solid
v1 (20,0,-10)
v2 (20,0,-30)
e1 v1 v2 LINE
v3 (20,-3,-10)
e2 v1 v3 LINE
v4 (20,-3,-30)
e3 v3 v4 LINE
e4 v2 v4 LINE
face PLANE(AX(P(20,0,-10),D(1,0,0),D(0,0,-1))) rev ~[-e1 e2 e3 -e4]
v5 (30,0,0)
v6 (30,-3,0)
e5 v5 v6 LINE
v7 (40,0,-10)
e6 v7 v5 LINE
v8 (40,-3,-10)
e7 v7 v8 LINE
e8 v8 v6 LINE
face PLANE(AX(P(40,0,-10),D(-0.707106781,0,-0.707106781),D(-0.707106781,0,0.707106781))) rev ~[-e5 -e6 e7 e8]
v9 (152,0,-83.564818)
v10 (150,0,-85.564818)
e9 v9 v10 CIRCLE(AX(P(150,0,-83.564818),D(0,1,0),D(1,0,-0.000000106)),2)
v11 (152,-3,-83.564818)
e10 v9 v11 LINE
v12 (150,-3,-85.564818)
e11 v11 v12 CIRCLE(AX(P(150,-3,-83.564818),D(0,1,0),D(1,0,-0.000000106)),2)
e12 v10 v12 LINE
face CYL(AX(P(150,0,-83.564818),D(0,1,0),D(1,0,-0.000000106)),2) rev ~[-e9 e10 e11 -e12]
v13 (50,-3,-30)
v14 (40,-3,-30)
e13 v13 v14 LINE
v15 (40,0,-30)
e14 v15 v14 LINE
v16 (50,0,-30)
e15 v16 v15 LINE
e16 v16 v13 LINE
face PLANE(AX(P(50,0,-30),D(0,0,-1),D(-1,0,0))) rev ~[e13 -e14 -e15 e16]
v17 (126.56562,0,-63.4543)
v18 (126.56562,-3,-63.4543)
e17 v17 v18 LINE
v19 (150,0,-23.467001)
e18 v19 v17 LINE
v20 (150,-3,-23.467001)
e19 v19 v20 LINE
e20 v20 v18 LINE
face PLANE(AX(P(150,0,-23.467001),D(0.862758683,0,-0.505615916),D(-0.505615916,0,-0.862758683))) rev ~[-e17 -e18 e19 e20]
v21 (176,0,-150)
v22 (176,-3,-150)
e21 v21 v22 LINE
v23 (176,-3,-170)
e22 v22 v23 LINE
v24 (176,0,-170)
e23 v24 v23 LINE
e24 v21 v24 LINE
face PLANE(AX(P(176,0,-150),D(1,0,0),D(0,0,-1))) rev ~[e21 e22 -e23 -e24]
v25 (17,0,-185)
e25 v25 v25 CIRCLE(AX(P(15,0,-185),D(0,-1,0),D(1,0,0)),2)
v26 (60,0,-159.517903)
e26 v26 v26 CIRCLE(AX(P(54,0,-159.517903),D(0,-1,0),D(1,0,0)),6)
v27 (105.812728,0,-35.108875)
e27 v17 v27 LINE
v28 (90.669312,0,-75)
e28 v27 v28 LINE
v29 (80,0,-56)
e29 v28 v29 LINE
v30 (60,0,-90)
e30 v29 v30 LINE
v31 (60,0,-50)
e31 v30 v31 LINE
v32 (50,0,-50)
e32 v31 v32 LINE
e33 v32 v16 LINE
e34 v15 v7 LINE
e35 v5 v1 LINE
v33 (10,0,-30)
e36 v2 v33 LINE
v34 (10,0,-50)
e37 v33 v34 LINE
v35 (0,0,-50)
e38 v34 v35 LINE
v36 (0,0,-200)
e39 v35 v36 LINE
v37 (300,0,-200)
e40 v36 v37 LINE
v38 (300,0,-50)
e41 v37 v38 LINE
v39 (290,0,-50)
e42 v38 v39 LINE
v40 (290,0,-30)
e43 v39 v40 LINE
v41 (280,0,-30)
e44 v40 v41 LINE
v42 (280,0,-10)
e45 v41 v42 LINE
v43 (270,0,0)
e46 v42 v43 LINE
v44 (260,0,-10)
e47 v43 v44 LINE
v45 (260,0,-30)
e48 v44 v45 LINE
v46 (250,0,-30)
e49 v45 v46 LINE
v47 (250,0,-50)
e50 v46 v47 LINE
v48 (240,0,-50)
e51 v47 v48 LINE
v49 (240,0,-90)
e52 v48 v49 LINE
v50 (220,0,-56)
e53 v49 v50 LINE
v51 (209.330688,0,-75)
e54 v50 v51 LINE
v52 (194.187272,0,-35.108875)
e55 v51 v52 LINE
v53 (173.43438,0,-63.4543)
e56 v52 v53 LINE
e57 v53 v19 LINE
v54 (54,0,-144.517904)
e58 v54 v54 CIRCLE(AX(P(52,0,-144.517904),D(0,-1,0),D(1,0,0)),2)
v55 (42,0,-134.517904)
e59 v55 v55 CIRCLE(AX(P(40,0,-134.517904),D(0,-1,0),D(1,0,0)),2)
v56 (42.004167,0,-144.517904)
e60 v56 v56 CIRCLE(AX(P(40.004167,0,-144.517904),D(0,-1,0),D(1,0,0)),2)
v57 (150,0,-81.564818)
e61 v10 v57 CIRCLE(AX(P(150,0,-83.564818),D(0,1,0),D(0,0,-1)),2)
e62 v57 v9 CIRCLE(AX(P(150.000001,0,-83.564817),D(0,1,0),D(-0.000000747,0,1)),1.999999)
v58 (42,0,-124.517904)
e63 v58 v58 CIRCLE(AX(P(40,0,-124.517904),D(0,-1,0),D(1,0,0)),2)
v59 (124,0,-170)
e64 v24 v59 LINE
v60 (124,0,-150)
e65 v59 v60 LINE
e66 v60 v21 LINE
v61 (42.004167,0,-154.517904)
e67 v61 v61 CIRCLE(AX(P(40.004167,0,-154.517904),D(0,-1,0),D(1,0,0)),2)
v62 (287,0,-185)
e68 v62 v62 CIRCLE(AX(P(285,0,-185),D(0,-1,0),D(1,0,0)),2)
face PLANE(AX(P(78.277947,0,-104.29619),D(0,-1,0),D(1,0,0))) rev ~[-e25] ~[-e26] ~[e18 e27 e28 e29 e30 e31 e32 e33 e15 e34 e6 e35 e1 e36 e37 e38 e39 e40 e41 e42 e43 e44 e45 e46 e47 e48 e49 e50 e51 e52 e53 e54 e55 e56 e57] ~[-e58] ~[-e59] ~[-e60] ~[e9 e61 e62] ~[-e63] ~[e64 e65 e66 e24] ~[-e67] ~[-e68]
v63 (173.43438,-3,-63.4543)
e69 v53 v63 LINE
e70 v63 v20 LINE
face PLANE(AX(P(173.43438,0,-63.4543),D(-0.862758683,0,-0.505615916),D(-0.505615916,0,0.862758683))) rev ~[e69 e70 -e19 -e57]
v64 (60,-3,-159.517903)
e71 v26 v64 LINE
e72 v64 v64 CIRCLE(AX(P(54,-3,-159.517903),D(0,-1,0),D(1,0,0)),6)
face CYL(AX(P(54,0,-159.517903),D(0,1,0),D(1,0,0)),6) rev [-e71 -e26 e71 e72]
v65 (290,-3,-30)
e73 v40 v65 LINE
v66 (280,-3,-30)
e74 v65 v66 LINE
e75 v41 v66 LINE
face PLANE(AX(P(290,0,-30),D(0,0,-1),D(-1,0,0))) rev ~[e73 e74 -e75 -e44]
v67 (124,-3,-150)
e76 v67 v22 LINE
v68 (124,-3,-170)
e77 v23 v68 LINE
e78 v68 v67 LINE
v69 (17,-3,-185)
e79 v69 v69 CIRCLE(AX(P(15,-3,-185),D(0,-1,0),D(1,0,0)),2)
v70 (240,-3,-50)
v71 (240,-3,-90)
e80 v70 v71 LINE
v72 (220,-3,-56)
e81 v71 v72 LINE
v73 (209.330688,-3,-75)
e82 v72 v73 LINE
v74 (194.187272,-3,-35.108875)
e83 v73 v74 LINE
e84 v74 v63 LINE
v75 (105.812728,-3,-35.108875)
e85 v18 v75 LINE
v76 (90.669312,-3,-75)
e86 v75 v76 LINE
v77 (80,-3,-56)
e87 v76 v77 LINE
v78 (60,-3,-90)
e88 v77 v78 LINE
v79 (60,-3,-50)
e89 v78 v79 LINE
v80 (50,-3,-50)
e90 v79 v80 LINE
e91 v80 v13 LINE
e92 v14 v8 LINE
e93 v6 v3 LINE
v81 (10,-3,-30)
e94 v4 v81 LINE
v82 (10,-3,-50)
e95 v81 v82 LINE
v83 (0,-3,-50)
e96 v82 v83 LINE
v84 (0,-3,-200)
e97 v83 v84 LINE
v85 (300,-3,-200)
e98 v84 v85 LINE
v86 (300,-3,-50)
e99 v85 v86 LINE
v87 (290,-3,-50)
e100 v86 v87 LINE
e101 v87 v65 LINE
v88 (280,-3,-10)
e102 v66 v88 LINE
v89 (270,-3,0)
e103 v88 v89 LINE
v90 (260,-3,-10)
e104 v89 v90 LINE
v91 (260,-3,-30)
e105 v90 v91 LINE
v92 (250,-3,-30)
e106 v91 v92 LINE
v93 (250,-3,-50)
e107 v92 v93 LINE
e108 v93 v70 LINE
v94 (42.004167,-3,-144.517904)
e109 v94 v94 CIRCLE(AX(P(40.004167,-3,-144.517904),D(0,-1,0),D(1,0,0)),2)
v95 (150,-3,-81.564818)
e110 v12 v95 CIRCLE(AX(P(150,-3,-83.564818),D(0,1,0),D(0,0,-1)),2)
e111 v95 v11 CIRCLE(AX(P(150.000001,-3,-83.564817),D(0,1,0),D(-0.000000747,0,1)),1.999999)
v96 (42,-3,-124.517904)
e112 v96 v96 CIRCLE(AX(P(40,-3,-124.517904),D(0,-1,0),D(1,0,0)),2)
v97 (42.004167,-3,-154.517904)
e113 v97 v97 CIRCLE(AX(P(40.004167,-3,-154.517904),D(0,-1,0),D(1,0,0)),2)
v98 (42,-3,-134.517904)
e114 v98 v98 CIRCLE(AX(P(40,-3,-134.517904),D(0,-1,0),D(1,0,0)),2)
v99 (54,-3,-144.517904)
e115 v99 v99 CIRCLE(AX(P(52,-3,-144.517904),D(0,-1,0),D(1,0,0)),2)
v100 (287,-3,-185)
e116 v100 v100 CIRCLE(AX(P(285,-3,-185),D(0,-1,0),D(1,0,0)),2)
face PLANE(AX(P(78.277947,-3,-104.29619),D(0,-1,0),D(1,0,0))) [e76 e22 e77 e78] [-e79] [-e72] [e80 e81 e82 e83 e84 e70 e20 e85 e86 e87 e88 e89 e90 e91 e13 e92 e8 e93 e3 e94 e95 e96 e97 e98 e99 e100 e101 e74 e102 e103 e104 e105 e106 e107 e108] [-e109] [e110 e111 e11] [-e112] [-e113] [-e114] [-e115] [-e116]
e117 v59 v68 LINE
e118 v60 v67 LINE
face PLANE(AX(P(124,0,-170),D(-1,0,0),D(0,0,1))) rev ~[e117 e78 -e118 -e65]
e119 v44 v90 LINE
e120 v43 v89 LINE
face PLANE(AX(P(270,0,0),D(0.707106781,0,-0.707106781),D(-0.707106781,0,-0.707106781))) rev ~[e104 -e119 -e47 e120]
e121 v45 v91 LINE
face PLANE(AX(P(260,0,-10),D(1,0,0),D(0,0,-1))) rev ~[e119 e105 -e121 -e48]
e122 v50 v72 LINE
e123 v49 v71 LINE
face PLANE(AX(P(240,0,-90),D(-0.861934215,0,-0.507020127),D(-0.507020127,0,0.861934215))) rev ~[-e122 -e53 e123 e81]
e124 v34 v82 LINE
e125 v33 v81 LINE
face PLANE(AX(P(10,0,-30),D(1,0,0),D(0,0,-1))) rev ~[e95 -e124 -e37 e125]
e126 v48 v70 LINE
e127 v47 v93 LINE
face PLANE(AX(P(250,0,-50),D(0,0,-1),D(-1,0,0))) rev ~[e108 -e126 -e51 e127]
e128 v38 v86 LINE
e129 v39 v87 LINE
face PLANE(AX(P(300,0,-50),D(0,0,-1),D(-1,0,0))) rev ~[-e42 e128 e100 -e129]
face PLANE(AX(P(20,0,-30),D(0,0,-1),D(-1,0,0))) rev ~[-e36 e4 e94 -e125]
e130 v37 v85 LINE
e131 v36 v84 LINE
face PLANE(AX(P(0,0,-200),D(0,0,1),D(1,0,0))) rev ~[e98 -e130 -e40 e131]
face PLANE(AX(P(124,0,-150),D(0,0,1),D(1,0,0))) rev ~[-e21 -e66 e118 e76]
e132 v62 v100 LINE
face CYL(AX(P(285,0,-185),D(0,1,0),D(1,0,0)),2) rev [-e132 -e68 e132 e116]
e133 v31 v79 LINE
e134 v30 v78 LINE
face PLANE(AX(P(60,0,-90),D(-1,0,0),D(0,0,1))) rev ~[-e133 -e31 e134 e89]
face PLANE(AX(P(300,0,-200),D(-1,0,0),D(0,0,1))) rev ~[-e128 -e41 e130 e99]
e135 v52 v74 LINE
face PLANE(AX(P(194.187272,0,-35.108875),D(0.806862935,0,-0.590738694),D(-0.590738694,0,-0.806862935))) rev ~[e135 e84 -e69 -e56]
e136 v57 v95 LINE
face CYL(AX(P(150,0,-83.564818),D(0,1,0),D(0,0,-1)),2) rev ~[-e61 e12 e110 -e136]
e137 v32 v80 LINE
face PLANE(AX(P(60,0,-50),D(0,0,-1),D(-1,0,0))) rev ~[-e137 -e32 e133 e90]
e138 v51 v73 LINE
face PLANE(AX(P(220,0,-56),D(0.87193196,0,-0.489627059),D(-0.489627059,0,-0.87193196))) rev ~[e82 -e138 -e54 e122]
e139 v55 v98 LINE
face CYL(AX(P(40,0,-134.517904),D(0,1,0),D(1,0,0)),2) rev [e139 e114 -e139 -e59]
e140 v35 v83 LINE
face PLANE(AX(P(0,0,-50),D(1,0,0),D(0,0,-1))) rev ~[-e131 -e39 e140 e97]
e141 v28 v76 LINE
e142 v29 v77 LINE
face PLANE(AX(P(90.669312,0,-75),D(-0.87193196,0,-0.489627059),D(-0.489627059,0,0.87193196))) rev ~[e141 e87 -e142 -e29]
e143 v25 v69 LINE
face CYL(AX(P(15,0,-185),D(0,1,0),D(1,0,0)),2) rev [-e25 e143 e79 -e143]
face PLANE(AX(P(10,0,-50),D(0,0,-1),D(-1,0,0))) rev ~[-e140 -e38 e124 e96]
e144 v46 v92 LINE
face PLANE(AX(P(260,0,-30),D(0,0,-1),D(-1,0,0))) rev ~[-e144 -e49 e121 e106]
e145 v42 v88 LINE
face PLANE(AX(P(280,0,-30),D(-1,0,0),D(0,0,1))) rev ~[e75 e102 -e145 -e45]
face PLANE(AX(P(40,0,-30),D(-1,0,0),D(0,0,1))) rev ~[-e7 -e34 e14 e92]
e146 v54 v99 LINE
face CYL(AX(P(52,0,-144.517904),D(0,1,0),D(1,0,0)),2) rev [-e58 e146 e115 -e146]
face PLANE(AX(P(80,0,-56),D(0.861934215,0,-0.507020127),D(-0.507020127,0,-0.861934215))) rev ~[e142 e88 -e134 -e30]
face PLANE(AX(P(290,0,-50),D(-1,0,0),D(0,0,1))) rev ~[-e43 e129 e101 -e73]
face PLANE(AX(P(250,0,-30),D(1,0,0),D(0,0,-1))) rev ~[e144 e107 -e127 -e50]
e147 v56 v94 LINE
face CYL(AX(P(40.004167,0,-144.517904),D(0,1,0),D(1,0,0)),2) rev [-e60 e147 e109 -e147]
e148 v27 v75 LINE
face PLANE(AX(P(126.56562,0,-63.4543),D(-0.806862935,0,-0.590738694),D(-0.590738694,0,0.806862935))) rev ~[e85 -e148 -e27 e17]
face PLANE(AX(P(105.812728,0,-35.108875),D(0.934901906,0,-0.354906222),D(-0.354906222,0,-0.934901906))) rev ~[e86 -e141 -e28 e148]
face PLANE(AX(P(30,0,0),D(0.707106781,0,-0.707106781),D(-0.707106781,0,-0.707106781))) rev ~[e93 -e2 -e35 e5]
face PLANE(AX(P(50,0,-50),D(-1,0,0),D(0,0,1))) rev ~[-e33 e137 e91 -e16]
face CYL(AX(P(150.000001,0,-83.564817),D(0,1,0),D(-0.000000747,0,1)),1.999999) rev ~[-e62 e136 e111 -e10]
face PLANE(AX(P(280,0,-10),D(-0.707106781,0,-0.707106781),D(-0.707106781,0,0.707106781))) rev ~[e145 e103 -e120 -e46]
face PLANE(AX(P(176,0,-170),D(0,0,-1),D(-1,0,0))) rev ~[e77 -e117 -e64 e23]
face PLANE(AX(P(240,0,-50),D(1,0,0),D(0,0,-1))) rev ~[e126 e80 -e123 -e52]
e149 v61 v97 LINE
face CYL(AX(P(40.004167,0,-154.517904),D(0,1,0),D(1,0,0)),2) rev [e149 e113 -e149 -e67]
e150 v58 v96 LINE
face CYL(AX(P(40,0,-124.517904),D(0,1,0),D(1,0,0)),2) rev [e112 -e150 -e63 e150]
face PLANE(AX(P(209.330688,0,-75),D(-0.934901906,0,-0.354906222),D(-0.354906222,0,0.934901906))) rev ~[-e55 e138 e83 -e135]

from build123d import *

# Parameters (mm, degrees)
F0_R     = 2
F0_R_2   = 6
F1_DEPTH = 3


with BuildPart() as f1:
    # F0 (on Front) → F1 (new body)
    with BuildSketch(Plane.XZ):
        with BuildLine():
            Line((0, -50), (0, -200))
            Line((0, -200), (60, -200))
            Line((60, -200), (150, -200))
            Line((150, -200), (150, -170))
            Line((150, -170), (124, -170))
            Line((124, -170), (124, -150))
            Line((124, -150), (150, -150))
            Line((150, -150), (150, -85.564818))
            ThreePointArc((150, -85.564818), (148, -83.564818), (150, -81.564818))
            Line((150, -81.564818), (150, -23.467001))
            Line((150, -23.467001), (126.56562, -63.4543))
            Line((126.56562, -63.4543), (105.812728, -35.108875))
            Line((105.812728, -35.108875), (90.669312, -75))
            Line((90.669312, -75), (80, -56))
            Line((80, -56), (60, -90))
            Line((60, -90), (60, -50))
            Line((60, -50), (50, -50))
            Line((50, -50), (50, -30))
            Line((50, -30), (40, -30))
            Line((40, -30), (40, -10))
            Line((40, -10), (30, 0))
            Line((30, 0), (20, -10))
            Line((20, -10), (20, -30))
            Line((20, -30), (10, -30))
            Line((10, -30), (10, -50))
            Line((10, -50), (0, -50))
        make_face()
        with Locations((15, -185)):
            Circle(F0_R, mode=Mode.SUBTRACT)
        with Locations((54, -159.517903)):
            Circle(F0_R_2, mode=Mode.SUBTRACT)
        with Locations((40.004167, -154.517904)):
            Circle(F0_R, mode=Mode.SUBTRACT)
        with Locations((40.004167, -144.517904)):
            Circle(F0_R, mode=Mode.SUBTRACT)
        with Locations((52, -144.517904)):
            Circle(F0_R, mode=Mode.SUBTRACT)
        with Locations((40, -134.517904)):
            Circle(F0_R, mode=Mode.SUBTRACT)
        with Locations((40, -124.517904)):
            Circle(F0_R, mode=Mode.SUBTRACT)
        with BuildLine():
            Line((150, -170), (150, -200))
            Line((150, -200), (300, -200))
            Line((300, -200), (300, -50))
            Line((300, -50), (290, -50))
            Line((290, -50), (290, -30))
            Line((290, -30), (280, -30))
            Line((280, -30), (280, -10))
            Line((280, -10), (270, 0))
            Line((270, 0), (260, -10))
            Line((260, -10), (260, -30))
            Line((260, -30), (250, -30))
            Line((250, -30), (250, -50))
            Line((250, -50), (240, -50))
            Line((240, -50), (240, -90))
            Line((240, -90), (220, -56))
            Line((220, -56), (209.330688, -75))
            Line((209.330688, -75), (194.187272, -35.108875))
            Line((194.187272, -35.108875), (173.43438, -63.4543))
            Line((173.43438, -63.4543), (150, -23.467001))
            Line((150, -23.467001), (150, -81.564818))
            ThreePointArc((150, -81.564818), (151.414214, -82.150604), (152, -83.564818))
            ThreePointArc((152, -83.564818), (151.414214, -84.979031), (150, -85.564818))
            Line((150, -85.564818), (150, -150))
            Line((150, -150), (176, -150))
            Line((176, -150), (176, -170))
            Line((176, -170), (150, -170))
        make_face()
        with Locations((285, -185)):
            Circle(F0_R, mode=Mode.SUBTRACT)
    extrude(amount=F1_DEPTH)


solid = f1.part
